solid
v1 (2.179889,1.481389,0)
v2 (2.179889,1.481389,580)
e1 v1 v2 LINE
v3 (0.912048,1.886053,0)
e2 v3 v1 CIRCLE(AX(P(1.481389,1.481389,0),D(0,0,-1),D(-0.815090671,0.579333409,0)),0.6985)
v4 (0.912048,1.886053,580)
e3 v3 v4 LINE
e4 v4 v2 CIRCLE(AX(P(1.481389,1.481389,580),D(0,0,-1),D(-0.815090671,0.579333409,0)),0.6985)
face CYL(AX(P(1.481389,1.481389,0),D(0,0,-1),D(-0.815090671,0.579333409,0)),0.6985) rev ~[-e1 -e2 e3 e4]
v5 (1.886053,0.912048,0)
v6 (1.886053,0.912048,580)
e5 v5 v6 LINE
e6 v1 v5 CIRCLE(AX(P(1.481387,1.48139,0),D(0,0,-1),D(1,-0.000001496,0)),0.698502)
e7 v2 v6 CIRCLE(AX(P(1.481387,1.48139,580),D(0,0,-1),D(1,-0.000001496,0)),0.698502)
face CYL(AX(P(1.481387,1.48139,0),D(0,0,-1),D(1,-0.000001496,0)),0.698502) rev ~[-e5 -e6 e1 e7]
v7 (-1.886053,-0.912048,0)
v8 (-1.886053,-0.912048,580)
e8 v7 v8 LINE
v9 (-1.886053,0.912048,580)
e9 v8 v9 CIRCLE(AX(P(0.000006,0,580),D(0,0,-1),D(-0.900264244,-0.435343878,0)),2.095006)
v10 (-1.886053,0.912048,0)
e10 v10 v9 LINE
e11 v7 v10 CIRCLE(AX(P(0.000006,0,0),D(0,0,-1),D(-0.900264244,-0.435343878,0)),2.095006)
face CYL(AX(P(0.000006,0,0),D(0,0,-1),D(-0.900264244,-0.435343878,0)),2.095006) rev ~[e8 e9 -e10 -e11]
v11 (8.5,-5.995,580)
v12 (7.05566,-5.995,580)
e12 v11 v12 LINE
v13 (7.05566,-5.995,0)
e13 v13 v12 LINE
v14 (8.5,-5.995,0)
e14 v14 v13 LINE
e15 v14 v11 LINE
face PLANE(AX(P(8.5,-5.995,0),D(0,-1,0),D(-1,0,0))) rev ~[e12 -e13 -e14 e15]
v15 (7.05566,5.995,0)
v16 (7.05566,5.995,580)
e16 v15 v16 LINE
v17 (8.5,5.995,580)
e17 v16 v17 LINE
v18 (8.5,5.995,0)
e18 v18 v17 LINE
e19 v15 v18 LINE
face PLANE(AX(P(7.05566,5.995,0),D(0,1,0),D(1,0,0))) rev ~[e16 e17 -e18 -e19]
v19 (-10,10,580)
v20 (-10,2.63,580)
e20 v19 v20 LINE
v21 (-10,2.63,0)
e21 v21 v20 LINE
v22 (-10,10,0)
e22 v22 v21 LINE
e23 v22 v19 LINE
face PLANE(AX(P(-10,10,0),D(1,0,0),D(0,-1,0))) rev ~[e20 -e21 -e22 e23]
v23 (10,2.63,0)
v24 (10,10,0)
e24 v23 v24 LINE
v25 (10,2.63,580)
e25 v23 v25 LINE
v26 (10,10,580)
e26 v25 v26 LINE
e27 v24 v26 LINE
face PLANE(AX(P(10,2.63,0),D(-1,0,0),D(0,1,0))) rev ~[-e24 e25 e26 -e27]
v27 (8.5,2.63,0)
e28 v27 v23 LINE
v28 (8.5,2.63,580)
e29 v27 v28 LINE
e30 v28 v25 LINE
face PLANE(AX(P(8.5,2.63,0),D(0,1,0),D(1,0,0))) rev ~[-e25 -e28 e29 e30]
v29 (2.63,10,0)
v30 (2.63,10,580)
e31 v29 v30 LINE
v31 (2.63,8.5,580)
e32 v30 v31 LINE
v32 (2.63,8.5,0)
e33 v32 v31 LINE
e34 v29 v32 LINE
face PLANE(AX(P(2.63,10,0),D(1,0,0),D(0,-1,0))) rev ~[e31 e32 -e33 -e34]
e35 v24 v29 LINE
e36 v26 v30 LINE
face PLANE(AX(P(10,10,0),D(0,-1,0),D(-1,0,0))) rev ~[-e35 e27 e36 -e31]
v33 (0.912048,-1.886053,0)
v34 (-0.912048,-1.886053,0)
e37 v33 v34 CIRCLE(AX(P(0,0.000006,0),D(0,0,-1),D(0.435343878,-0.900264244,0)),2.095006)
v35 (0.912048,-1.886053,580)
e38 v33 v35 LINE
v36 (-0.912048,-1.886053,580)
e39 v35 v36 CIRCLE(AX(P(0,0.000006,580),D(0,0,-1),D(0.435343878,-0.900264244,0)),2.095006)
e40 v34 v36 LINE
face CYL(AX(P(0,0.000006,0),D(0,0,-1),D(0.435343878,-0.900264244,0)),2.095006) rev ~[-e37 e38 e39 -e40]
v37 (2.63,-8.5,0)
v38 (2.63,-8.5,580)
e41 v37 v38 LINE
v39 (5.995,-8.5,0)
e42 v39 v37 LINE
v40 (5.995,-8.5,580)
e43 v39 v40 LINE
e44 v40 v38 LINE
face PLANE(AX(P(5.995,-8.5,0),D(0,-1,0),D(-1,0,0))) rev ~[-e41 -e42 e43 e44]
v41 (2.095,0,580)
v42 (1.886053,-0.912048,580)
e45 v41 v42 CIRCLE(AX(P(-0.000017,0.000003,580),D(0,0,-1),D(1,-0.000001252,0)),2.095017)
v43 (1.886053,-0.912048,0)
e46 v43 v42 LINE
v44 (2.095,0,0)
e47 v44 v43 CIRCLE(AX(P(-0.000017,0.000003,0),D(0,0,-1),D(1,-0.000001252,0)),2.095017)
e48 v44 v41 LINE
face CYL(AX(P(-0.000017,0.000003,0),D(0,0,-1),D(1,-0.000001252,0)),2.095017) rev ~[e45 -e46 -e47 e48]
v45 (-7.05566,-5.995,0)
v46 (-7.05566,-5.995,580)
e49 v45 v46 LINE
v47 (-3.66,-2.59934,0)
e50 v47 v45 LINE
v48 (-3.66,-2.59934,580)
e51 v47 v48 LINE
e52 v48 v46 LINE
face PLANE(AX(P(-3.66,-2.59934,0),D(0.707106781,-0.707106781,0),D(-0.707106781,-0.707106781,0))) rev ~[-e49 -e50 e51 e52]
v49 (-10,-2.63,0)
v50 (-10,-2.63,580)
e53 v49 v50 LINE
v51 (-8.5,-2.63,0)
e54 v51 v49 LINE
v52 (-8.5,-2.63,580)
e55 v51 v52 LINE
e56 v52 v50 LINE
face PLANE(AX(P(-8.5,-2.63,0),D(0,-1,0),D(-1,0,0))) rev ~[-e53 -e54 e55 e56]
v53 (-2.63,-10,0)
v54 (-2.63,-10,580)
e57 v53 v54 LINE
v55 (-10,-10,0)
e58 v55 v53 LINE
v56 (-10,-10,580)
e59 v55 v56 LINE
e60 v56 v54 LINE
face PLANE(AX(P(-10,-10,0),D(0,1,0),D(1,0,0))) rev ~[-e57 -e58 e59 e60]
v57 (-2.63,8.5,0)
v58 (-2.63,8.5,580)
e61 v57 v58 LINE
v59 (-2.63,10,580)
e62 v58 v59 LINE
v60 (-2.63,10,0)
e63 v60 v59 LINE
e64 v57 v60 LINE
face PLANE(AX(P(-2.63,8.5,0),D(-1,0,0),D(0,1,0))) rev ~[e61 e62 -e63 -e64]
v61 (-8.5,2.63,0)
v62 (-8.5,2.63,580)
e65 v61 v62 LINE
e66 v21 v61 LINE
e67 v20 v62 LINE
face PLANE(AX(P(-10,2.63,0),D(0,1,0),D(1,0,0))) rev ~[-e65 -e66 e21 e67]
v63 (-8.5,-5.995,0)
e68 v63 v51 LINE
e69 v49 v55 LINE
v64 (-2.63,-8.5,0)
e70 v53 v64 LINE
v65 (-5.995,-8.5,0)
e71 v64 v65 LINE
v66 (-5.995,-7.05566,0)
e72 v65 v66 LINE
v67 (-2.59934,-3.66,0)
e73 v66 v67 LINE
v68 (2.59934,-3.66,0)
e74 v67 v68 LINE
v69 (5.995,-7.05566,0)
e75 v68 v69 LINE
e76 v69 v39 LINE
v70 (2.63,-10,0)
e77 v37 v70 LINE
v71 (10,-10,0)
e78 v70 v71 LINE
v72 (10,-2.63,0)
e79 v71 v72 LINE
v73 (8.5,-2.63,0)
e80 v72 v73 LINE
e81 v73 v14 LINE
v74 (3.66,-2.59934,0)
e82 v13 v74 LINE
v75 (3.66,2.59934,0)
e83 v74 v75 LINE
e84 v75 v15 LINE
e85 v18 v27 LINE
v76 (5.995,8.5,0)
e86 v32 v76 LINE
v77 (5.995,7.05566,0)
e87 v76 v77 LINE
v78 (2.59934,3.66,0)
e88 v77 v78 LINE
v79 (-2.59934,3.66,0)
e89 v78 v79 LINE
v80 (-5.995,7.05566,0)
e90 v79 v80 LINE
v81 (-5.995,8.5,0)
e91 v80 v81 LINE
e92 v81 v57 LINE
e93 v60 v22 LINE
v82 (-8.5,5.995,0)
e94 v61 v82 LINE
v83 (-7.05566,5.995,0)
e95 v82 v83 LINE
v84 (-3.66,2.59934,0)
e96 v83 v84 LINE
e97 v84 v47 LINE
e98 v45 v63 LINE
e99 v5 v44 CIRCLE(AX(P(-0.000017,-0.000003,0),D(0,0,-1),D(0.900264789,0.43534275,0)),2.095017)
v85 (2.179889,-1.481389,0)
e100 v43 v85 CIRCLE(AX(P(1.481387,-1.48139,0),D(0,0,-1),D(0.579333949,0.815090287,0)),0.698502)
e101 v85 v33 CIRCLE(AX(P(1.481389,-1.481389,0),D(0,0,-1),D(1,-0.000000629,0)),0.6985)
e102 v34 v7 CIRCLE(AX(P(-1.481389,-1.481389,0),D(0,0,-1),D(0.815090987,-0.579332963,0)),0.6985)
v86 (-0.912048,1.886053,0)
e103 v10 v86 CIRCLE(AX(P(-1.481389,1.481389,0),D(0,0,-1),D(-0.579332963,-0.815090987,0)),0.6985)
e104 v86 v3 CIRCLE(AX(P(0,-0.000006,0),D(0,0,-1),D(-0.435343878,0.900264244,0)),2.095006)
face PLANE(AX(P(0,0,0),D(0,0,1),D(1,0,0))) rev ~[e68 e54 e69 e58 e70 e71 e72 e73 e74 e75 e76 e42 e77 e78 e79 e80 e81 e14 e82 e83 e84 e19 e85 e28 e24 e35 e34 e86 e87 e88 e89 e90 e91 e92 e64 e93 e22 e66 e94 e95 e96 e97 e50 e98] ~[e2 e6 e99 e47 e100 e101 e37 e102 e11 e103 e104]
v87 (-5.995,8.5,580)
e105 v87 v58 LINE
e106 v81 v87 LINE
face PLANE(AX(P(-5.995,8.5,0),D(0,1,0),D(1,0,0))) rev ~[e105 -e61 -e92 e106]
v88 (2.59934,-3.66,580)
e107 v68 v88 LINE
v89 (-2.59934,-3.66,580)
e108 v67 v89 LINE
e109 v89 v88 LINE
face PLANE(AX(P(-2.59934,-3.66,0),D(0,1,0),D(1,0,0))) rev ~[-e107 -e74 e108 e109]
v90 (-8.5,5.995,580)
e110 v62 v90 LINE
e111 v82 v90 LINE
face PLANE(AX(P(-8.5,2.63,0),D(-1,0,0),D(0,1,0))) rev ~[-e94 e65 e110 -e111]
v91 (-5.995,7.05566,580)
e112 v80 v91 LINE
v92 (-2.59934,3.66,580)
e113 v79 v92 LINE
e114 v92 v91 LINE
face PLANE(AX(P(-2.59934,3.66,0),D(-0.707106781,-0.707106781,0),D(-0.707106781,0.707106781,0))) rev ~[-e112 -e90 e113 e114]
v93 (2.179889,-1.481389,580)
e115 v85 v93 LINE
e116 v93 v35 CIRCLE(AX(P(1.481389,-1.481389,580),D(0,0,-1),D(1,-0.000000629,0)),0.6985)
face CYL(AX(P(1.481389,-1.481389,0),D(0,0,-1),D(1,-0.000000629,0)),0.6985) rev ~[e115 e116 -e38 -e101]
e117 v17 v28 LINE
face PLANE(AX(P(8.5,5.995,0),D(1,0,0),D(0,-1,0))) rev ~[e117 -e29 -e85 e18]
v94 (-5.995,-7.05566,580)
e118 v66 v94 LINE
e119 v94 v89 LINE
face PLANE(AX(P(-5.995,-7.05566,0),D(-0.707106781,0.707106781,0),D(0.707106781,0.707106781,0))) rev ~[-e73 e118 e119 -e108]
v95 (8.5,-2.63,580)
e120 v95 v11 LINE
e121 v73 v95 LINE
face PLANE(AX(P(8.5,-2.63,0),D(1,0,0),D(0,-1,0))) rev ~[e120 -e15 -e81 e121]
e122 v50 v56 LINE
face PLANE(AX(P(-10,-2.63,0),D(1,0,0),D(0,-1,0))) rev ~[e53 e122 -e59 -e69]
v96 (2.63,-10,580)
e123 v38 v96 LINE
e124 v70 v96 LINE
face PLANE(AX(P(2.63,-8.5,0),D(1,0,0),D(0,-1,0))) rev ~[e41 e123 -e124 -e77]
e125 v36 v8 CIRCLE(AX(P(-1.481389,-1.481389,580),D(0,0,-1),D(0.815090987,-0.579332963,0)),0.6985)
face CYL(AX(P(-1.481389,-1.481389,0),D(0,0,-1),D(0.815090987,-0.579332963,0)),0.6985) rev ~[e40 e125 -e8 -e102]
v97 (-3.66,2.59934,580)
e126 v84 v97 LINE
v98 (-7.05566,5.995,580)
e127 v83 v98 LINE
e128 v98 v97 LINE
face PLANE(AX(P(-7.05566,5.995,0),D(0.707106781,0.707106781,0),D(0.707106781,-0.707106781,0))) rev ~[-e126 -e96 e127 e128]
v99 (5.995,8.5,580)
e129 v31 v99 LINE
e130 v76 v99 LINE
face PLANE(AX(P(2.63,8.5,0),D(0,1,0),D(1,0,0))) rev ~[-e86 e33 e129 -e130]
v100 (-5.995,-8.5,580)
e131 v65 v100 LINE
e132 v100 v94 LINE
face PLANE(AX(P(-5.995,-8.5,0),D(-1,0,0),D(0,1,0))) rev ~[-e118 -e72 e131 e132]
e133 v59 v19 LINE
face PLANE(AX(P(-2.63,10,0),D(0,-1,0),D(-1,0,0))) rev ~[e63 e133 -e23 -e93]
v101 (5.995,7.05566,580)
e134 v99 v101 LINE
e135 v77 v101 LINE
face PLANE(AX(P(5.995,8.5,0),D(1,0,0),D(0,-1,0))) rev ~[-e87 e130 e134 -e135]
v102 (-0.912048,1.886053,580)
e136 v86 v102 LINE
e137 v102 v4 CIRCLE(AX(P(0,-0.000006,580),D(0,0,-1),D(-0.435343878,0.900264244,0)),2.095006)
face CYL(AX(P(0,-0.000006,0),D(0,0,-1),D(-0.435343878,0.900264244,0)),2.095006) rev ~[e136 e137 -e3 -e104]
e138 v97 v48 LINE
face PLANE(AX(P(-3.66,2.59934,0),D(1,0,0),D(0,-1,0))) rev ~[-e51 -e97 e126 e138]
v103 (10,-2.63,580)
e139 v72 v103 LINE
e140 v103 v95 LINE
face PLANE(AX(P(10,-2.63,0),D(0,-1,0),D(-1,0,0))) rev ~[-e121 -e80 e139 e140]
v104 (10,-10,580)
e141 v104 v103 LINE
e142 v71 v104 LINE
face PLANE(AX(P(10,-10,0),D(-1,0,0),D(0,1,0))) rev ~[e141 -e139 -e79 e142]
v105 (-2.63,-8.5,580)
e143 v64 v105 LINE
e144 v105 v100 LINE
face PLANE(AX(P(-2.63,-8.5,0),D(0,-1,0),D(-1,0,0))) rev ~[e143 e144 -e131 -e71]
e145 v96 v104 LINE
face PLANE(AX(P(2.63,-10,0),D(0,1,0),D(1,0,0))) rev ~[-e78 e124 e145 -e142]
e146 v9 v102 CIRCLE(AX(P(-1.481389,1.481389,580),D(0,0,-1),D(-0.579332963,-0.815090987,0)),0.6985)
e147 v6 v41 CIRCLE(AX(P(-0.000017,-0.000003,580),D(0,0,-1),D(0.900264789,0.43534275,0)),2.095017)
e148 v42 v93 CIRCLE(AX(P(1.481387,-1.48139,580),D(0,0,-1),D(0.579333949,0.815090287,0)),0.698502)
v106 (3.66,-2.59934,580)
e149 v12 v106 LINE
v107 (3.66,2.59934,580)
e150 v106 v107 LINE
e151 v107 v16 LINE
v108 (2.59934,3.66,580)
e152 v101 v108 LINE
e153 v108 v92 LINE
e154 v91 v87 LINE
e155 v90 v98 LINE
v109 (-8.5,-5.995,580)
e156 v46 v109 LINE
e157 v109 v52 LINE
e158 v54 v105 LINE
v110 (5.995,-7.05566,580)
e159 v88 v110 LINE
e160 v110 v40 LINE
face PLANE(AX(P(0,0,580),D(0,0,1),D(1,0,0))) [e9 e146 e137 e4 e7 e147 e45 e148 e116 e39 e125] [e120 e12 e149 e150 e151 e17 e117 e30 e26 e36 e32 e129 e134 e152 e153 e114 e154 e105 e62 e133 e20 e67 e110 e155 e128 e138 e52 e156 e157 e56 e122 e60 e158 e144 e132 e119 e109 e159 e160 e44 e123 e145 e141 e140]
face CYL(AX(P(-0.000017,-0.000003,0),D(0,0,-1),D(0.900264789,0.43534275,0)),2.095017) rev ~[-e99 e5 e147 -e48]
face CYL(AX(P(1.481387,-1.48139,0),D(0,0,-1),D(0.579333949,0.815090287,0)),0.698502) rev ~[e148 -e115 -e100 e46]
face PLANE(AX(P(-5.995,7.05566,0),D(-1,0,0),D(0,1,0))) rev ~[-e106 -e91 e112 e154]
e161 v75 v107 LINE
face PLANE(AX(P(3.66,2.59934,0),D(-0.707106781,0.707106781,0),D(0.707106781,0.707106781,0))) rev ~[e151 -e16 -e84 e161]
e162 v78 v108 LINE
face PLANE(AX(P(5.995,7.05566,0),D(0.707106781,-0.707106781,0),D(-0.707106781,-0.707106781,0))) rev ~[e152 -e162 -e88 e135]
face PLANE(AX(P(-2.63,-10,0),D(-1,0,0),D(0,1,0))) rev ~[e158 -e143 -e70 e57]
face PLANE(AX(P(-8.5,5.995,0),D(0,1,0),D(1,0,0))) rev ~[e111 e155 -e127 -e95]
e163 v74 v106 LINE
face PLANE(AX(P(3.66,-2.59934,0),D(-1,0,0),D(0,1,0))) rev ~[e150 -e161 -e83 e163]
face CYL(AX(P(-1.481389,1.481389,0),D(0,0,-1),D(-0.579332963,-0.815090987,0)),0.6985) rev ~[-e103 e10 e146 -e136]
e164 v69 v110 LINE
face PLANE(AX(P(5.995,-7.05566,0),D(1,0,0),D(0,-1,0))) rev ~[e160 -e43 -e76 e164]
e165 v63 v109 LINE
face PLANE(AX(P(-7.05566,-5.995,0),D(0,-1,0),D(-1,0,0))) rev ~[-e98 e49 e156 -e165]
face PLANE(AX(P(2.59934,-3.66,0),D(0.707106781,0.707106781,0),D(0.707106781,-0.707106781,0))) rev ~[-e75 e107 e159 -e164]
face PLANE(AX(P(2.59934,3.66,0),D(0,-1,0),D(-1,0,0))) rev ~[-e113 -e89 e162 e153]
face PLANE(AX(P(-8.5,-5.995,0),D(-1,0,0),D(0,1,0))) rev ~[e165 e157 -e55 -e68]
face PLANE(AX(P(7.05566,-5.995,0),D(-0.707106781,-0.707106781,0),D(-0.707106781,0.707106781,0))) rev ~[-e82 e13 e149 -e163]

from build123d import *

# Parameters (mm, degrees)
F1_DEPTH = 580


with BuildPart() as f1:
    # F0 (on Top) → F1 (new body)
    with BuildSketch(Plane.XY):
        Polygon((10, 2.63), (10, 10), (2.63, 10), (2.63, 8.5), (5.995, 8.5), (5.995, 7.05566), (2.59934, 3.66), (-2.59934, 3.66), (-5.995, 7.05566), (-5.995, 8.5), (-2.63, 8.5), (-2.63, 10), (-10, 10), (-10, 2.63), (-8.5, 2.63), (-8.5, 5.995), (-7.05566, 5.995), (-3.66, 2.59934), (-3.66, -2.59934), (-7.05566, -5.995), (-8.5, -5.995), (-8.5, -2.63), (-10, -2.63), (-10, -10), (-2.63, -10), (-2.63, -8.5), (-5.995, -8.5), (-5.995, -7.05566), (-2.59934, -3.66), (2.59934, -3.66), (5.995, -7.05566), (5.995, -8.5), (2.63, -8.5), (2.63, -10), (10, -10), (10, -2.63), (8.5, -2.63), (8.5, -5.995), (7.05566, -5.995), (3.66, -2.59934), (3.66, 2.59934), (7.05566, 5.995), (8.5, 5.995), (8.5, 2.63), align=None)
        with BuildLine():
            ThreePointArc((1.886053, 0.912048), (2.042095, 0.467838), (2.095, 0))
            ThreePointArc((2.095, 0), (2.042095, -0.467838), (1.886053, -0.912048))
            ThreePointArc((1.886053, -0.912048), (2.102098, -1.161042), (2.179889, -1.481389))
            ThreePointArc((2.179889, -1.481389), (1.693777, -2.146816), (0.912048, -1.886053))
            ThreePointArc((0.912048, -1.886053), (0, -2.095), (-0.912048, -1.886053))
            ThreePointArc((-0.912048, -1.886053), (-1.975303, -1.975303), (-1.886053, -0.912048))
            ThreePointArc((-1.886053, -0.912048), (-2.095, 0), (-1.886053, 0.912048))
            ThreePointArc((-1.886053, 0.912048), (-1.975303, 1.975303), (-0.912048, 1.886053))
            ThreePointArc((-0.912048, 1.886053), (0, 2.095), (0.912048, 1.886053))
            ThreePointArc((0.912048, 1.886053), (1.693777, 2.146816), (2.179889, 1.481389))
            ThreePointArc((2.179889, 1.481389), (2.102098, 1.161042), (1.886053, 0.912048))
        make_face(mode=Mode.SUBTRACT)
    extrude(amount=F1_DEPTH)


solid = f1.part
